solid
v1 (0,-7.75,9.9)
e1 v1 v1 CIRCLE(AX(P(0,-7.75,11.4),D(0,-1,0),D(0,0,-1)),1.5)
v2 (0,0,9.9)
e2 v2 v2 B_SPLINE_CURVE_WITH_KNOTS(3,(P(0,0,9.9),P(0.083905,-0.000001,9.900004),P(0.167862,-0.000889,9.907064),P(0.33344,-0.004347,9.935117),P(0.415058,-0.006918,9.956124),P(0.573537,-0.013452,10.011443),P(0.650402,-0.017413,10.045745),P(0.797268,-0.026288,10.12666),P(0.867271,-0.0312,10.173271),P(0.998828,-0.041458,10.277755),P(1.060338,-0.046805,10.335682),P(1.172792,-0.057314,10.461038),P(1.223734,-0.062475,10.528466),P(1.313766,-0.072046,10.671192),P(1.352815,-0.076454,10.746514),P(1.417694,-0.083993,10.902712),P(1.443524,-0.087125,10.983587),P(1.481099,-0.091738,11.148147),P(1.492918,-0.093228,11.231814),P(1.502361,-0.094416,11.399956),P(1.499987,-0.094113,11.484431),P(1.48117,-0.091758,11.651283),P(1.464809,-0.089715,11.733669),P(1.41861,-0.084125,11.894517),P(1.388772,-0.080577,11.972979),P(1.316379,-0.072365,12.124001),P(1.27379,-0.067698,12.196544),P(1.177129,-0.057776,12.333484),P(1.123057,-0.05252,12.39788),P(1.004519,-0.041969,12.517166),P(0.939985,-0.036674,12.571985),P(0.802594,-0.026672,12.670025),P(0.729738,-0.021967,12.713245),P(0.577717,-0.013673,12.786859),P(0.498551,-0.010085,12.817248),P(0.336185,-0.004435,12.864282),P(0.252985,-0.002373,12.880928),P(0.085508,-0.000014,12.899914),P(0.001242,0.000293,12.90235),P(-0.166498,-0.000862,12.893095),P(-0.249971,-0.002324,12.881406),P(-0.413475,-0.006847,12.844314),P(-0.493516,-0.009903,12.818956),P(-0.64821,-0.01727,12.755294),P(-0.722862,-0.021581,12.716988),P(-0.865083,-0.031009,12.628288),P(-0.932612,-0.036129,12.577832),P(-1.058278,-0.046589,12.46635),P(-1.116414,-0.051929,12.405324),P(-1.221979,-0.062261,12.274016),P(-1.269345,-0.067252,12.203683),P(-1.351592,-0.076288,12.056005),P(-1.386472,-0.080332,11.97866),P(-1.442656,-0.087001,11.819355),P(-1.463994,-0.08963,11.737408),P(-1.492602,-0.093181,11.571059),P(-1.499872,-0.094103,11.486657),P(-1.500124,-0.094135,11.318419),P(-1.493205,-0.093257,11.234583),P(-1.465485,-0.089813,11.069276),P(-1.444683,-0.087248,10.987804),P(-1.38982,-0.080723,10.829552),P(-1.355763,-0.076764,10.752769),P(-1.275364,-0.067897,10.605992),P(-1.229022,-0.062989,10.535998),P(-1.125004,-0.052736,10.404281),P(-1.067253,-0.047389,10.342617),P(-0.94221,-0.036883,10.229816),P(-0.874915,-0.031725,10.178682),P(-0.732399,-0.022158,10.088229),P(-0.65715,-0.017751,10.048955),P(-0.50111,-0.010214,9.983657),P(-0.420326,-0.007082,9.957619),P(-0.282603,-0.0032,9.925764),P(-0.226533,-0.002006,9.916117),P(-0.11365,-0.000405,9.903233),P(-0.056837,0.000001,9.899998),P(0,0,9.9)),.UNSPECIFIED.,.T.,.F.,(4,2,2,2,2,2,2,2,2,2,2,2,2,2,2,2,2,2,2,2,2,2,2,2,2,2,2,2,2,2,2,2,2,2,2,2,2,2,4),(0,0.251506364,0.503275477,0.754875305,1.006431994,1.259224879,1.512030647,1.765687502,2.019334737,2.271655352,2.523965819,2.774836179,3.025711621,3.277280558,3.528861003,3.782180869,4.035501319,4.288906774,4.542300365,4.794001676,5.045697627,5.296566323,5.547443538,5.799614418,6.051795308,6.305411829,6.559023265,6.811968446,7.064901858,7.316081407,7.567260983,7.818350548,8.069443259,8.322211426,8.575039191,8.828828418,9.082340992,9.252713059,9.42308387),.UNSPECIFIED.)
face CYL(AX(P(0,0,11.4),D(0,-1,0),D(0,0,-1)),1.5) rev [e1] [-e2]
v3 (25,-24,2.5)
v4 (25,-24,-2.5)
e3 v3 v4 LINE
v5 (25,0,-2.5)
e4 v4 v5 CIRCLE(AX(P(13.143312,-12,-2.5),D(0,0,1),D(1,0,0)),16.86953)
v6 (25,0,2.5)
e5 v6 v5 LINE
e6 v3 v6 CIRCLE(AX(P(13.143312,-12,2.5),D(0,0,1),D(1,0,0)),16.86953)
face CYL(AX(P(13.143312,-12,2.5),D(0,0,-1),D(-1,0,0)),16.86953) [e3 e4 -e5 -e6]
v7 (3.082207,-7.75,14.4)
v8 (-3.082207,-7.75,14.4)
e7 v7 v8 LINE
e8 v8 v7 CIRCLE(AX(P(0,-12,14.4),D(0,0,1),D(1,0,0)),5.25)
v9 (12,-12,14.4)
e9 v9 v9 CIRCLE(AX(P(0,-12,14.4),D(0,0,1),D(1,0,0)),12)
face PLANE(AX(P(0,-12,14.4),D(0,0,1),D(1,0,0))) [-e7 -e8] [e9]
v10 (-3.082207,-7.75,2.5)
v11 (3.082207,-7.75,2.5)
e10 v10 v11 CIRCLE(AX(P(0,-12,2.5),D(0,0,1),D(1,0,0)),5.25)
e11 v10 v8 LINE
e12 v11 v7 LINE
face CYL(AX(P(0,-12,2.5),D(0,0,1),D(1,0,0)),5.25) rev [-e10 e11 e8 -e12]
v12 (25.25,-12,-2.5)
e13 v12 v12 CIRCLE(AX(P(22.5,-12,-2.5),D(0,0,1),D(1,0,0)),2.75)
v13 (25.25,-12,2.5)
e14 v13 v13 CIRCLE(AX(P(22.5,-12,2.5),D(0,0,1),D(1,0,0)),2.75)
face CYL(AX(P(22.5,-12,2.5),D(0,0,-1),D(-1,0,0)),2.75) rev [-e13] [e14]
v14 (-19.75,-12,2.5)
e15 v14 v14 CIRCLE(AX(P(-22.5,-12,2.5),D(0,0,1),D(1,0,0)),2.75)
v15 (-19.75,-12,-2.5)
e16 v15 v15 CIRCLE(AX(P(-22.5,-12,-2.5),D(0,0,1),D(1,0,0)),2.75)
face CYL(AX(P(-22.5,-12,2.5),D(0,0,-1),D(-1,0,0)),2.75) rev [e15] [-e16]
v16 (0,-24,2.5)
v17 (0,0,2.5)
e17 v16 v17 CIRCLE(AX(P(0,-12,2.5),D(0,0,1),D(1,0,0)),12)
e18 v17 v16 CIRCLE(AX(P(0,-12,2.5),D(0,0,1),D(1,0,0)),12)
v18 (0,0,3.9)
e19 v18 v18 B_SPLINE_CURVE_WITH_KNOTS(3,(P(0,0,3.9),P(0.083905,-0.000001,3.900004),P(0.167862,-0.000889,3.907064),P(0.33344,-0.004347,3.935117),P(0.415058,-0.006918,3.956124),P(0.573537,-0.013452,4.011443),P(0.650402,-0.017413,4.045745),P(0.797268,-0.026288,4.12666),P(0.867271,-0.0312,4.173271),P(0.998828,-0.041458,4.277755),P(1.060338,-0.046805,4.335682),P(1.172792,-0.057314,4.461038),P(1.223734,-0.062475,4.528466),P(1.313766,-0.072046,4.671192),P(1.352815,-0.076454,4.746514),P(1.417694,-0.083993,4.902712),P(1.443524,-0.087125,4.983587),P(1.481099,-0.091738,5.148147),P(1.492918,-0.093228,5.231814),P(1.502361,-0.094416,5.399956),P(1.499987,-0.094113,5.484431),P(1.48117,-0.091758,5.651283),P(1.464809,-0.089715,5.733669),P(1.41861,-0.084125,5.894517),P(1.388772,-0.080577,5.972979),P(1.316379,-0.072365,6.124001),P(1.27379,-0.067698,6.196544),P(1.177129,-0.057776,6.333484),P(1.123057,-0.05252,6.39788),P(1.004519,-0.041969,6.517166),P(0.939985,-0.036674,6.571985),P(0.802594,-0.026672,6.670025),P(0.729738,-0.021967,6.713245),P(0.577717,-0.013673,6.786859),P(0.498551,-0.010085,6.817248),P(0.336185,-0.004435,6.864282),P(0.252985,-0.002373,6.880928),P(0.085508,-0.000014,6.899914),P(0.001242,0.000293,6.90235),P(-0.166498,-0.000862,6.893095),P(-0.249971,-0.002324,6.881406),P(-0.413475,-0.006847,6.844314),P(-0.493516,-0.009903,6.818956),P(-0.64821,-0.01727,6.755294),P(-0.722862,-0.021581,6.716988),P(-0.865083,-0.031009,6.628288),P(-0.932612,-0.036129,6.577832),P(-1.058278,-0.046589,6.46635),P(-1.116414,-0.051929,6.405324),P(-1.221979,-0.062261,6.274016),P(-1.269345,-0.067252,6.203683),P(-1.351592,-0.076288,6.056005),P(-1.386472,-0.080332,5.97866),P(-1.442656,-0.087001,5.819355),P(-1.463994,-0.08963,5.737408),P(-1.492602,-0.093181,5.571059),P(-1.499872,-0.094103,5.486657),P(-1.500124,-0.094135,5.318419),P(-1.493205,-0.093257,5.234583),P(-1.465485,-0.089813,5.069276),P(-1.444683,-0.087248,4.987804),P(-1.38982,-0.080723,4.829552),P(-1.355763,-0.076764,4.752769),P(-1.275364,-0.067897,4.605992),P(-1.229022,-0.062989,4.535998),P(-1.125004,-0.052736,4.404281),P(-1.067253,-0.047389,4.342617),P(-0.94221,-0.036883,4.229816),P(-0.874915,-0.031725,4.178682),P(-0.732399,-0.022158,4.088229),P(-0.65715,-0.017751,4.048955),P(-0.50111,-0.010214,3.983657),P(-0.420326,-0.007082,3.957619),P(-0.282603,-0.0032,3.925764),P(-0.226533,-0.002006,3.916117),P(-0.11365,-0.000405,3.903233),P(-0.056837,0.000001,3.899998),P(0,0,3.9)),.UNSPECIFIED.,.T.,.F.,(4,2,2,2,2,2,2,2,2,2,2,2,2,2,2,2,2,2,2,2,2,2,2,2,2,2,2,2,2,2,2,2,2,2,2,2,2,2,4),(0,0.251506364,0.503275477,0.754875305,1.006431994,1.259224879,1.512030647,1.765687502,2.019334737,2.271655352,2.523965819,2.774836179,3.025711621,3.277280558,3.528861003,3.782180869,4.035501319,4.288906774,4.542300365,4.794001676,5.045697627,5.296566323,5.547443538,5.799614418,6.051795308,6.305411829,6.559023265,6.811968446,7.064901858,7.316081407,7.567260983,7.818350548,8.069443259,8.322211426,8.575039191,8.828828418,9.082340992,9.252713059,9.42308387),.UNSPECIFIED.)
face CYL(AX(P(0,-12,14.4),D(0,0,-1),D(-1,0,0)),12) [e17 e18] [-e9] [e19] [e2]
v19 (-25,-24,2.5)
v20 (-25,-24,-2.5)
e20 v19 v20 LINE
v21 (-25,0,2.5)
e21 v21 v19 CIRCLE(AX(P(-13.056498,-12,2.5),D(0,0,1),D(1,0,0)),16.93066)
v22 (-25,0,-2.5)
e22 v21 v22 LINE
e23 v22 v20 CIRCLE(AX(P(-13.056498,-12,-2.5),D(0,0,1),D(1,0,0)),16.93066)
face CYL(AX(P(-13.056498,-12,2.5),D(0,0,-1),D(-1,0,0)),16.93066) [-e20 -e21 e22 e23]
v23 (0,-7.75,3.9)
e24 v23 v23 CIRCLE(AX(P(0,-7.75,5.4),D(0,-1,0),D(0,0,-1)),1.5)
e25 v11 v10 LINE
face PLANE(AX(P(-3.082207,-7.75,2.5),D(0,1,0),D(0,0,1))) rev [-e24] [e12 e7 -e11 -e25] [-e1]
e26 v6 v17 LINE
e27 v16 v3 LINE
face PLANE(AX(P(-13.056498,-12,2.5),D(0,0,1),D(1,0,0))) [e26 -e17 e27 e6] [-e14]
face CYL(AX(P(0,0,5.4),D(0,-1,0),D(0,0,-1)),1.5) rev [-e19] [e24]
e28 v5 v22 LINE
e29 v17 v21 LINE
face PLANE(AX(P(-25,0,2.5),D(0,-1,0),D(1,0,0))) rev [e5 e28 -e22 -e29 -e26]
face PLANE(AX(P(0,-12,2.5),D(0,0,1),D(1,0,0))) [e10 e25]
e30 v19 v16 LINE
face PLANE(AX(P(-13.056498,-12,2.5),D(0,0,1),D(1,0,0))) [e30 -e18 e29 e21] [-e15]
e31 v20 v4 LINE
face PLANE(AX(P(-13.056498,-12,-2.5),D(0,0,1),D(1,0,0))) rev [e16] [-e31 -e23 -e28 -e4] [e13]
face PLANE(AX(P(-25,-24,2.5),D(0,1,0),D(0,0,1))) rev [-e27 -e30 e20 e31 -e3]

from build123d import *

# Parameters (mm, degrees)
SKETCH_1_R          = 2.75
EXTRUDE_1_DEPTH     = 2.5
SKETCH_2_R          = 12
EXTRUDE_2_DEPTH     = 11.9
CUT_EXTRUDE_1_DEPTH = 11.9
SKETCH_4_R          = 1.5
CUT_EXTRUDE_2_DEPTH = 38.043126228


with BuildPart() as part:
    # 草图1 → 凸台-拉伸1 (new, symmetric)
    with BuildSketch(Plane.XY):
        with BuildLine():
            Line((-25, 0), (25, 0))
            ThreePointArc((25, 0), (30.012842263, -12), (25, -24))
            Line((25, -24), (-25, -24))
            ThreePointArc((-25, -24), (-29.987157737, -12), (-25, 0))
        make_face()
        with Locations((-22.5, -12)):
            Circle(SKETCH_1_R, mode=Mode.SUBTRACT)
        with Locations((22.5, -12)):
            Circle(SKETCH_1_R, mode=Mode.SUBTRACT)
    extrude(amount=EXTRUDE_1_DEPTH, both=True)

    # 草图2 → 凸台-拉伸2 (add)
    with BuildSketch(Plane.XY.offset(2.5)):
        with Locations(Location((0, -12, 0), (0, 0, 270))):
            Circle(SKETCH_2_R)
    extrude(amount=EXTRUDE_2_DEPTH)

    # 草图3 → 切除-拉伸1 (cut)
    with BuildSketch(Plane.XY.offset(14.4)):
        with BuildLine():
            Line((-3.082207001, -7.75), (3.082207001, -7.75))
            ThreePointArc((3.082207001, -7.75), (0, -17.25), (-3.082207001, -7.75))
        make_face()
    extrude(amount=-CUT_EXTRUDE_1_DEPTH, mode=Mode.SUBTRACT)

    # 草图4 → 切除-拉伸2 (cut, through all)
    with BuildSketch(Plane.XZ.offset(7.75)):
        with Locations(Location((0, 11.4, 0), (0, 0, 270))):
            Circle(SKETCH_4_R)
        with Locations(Location((0, 5.4, 0), (0, 0, 270))):
            Circle(SKETCH_4_R)
    extrude(amount=-CUT_EXTRUDE_2_DEPTH, mode=Mode.SUBTRACT)


solid = part.part
